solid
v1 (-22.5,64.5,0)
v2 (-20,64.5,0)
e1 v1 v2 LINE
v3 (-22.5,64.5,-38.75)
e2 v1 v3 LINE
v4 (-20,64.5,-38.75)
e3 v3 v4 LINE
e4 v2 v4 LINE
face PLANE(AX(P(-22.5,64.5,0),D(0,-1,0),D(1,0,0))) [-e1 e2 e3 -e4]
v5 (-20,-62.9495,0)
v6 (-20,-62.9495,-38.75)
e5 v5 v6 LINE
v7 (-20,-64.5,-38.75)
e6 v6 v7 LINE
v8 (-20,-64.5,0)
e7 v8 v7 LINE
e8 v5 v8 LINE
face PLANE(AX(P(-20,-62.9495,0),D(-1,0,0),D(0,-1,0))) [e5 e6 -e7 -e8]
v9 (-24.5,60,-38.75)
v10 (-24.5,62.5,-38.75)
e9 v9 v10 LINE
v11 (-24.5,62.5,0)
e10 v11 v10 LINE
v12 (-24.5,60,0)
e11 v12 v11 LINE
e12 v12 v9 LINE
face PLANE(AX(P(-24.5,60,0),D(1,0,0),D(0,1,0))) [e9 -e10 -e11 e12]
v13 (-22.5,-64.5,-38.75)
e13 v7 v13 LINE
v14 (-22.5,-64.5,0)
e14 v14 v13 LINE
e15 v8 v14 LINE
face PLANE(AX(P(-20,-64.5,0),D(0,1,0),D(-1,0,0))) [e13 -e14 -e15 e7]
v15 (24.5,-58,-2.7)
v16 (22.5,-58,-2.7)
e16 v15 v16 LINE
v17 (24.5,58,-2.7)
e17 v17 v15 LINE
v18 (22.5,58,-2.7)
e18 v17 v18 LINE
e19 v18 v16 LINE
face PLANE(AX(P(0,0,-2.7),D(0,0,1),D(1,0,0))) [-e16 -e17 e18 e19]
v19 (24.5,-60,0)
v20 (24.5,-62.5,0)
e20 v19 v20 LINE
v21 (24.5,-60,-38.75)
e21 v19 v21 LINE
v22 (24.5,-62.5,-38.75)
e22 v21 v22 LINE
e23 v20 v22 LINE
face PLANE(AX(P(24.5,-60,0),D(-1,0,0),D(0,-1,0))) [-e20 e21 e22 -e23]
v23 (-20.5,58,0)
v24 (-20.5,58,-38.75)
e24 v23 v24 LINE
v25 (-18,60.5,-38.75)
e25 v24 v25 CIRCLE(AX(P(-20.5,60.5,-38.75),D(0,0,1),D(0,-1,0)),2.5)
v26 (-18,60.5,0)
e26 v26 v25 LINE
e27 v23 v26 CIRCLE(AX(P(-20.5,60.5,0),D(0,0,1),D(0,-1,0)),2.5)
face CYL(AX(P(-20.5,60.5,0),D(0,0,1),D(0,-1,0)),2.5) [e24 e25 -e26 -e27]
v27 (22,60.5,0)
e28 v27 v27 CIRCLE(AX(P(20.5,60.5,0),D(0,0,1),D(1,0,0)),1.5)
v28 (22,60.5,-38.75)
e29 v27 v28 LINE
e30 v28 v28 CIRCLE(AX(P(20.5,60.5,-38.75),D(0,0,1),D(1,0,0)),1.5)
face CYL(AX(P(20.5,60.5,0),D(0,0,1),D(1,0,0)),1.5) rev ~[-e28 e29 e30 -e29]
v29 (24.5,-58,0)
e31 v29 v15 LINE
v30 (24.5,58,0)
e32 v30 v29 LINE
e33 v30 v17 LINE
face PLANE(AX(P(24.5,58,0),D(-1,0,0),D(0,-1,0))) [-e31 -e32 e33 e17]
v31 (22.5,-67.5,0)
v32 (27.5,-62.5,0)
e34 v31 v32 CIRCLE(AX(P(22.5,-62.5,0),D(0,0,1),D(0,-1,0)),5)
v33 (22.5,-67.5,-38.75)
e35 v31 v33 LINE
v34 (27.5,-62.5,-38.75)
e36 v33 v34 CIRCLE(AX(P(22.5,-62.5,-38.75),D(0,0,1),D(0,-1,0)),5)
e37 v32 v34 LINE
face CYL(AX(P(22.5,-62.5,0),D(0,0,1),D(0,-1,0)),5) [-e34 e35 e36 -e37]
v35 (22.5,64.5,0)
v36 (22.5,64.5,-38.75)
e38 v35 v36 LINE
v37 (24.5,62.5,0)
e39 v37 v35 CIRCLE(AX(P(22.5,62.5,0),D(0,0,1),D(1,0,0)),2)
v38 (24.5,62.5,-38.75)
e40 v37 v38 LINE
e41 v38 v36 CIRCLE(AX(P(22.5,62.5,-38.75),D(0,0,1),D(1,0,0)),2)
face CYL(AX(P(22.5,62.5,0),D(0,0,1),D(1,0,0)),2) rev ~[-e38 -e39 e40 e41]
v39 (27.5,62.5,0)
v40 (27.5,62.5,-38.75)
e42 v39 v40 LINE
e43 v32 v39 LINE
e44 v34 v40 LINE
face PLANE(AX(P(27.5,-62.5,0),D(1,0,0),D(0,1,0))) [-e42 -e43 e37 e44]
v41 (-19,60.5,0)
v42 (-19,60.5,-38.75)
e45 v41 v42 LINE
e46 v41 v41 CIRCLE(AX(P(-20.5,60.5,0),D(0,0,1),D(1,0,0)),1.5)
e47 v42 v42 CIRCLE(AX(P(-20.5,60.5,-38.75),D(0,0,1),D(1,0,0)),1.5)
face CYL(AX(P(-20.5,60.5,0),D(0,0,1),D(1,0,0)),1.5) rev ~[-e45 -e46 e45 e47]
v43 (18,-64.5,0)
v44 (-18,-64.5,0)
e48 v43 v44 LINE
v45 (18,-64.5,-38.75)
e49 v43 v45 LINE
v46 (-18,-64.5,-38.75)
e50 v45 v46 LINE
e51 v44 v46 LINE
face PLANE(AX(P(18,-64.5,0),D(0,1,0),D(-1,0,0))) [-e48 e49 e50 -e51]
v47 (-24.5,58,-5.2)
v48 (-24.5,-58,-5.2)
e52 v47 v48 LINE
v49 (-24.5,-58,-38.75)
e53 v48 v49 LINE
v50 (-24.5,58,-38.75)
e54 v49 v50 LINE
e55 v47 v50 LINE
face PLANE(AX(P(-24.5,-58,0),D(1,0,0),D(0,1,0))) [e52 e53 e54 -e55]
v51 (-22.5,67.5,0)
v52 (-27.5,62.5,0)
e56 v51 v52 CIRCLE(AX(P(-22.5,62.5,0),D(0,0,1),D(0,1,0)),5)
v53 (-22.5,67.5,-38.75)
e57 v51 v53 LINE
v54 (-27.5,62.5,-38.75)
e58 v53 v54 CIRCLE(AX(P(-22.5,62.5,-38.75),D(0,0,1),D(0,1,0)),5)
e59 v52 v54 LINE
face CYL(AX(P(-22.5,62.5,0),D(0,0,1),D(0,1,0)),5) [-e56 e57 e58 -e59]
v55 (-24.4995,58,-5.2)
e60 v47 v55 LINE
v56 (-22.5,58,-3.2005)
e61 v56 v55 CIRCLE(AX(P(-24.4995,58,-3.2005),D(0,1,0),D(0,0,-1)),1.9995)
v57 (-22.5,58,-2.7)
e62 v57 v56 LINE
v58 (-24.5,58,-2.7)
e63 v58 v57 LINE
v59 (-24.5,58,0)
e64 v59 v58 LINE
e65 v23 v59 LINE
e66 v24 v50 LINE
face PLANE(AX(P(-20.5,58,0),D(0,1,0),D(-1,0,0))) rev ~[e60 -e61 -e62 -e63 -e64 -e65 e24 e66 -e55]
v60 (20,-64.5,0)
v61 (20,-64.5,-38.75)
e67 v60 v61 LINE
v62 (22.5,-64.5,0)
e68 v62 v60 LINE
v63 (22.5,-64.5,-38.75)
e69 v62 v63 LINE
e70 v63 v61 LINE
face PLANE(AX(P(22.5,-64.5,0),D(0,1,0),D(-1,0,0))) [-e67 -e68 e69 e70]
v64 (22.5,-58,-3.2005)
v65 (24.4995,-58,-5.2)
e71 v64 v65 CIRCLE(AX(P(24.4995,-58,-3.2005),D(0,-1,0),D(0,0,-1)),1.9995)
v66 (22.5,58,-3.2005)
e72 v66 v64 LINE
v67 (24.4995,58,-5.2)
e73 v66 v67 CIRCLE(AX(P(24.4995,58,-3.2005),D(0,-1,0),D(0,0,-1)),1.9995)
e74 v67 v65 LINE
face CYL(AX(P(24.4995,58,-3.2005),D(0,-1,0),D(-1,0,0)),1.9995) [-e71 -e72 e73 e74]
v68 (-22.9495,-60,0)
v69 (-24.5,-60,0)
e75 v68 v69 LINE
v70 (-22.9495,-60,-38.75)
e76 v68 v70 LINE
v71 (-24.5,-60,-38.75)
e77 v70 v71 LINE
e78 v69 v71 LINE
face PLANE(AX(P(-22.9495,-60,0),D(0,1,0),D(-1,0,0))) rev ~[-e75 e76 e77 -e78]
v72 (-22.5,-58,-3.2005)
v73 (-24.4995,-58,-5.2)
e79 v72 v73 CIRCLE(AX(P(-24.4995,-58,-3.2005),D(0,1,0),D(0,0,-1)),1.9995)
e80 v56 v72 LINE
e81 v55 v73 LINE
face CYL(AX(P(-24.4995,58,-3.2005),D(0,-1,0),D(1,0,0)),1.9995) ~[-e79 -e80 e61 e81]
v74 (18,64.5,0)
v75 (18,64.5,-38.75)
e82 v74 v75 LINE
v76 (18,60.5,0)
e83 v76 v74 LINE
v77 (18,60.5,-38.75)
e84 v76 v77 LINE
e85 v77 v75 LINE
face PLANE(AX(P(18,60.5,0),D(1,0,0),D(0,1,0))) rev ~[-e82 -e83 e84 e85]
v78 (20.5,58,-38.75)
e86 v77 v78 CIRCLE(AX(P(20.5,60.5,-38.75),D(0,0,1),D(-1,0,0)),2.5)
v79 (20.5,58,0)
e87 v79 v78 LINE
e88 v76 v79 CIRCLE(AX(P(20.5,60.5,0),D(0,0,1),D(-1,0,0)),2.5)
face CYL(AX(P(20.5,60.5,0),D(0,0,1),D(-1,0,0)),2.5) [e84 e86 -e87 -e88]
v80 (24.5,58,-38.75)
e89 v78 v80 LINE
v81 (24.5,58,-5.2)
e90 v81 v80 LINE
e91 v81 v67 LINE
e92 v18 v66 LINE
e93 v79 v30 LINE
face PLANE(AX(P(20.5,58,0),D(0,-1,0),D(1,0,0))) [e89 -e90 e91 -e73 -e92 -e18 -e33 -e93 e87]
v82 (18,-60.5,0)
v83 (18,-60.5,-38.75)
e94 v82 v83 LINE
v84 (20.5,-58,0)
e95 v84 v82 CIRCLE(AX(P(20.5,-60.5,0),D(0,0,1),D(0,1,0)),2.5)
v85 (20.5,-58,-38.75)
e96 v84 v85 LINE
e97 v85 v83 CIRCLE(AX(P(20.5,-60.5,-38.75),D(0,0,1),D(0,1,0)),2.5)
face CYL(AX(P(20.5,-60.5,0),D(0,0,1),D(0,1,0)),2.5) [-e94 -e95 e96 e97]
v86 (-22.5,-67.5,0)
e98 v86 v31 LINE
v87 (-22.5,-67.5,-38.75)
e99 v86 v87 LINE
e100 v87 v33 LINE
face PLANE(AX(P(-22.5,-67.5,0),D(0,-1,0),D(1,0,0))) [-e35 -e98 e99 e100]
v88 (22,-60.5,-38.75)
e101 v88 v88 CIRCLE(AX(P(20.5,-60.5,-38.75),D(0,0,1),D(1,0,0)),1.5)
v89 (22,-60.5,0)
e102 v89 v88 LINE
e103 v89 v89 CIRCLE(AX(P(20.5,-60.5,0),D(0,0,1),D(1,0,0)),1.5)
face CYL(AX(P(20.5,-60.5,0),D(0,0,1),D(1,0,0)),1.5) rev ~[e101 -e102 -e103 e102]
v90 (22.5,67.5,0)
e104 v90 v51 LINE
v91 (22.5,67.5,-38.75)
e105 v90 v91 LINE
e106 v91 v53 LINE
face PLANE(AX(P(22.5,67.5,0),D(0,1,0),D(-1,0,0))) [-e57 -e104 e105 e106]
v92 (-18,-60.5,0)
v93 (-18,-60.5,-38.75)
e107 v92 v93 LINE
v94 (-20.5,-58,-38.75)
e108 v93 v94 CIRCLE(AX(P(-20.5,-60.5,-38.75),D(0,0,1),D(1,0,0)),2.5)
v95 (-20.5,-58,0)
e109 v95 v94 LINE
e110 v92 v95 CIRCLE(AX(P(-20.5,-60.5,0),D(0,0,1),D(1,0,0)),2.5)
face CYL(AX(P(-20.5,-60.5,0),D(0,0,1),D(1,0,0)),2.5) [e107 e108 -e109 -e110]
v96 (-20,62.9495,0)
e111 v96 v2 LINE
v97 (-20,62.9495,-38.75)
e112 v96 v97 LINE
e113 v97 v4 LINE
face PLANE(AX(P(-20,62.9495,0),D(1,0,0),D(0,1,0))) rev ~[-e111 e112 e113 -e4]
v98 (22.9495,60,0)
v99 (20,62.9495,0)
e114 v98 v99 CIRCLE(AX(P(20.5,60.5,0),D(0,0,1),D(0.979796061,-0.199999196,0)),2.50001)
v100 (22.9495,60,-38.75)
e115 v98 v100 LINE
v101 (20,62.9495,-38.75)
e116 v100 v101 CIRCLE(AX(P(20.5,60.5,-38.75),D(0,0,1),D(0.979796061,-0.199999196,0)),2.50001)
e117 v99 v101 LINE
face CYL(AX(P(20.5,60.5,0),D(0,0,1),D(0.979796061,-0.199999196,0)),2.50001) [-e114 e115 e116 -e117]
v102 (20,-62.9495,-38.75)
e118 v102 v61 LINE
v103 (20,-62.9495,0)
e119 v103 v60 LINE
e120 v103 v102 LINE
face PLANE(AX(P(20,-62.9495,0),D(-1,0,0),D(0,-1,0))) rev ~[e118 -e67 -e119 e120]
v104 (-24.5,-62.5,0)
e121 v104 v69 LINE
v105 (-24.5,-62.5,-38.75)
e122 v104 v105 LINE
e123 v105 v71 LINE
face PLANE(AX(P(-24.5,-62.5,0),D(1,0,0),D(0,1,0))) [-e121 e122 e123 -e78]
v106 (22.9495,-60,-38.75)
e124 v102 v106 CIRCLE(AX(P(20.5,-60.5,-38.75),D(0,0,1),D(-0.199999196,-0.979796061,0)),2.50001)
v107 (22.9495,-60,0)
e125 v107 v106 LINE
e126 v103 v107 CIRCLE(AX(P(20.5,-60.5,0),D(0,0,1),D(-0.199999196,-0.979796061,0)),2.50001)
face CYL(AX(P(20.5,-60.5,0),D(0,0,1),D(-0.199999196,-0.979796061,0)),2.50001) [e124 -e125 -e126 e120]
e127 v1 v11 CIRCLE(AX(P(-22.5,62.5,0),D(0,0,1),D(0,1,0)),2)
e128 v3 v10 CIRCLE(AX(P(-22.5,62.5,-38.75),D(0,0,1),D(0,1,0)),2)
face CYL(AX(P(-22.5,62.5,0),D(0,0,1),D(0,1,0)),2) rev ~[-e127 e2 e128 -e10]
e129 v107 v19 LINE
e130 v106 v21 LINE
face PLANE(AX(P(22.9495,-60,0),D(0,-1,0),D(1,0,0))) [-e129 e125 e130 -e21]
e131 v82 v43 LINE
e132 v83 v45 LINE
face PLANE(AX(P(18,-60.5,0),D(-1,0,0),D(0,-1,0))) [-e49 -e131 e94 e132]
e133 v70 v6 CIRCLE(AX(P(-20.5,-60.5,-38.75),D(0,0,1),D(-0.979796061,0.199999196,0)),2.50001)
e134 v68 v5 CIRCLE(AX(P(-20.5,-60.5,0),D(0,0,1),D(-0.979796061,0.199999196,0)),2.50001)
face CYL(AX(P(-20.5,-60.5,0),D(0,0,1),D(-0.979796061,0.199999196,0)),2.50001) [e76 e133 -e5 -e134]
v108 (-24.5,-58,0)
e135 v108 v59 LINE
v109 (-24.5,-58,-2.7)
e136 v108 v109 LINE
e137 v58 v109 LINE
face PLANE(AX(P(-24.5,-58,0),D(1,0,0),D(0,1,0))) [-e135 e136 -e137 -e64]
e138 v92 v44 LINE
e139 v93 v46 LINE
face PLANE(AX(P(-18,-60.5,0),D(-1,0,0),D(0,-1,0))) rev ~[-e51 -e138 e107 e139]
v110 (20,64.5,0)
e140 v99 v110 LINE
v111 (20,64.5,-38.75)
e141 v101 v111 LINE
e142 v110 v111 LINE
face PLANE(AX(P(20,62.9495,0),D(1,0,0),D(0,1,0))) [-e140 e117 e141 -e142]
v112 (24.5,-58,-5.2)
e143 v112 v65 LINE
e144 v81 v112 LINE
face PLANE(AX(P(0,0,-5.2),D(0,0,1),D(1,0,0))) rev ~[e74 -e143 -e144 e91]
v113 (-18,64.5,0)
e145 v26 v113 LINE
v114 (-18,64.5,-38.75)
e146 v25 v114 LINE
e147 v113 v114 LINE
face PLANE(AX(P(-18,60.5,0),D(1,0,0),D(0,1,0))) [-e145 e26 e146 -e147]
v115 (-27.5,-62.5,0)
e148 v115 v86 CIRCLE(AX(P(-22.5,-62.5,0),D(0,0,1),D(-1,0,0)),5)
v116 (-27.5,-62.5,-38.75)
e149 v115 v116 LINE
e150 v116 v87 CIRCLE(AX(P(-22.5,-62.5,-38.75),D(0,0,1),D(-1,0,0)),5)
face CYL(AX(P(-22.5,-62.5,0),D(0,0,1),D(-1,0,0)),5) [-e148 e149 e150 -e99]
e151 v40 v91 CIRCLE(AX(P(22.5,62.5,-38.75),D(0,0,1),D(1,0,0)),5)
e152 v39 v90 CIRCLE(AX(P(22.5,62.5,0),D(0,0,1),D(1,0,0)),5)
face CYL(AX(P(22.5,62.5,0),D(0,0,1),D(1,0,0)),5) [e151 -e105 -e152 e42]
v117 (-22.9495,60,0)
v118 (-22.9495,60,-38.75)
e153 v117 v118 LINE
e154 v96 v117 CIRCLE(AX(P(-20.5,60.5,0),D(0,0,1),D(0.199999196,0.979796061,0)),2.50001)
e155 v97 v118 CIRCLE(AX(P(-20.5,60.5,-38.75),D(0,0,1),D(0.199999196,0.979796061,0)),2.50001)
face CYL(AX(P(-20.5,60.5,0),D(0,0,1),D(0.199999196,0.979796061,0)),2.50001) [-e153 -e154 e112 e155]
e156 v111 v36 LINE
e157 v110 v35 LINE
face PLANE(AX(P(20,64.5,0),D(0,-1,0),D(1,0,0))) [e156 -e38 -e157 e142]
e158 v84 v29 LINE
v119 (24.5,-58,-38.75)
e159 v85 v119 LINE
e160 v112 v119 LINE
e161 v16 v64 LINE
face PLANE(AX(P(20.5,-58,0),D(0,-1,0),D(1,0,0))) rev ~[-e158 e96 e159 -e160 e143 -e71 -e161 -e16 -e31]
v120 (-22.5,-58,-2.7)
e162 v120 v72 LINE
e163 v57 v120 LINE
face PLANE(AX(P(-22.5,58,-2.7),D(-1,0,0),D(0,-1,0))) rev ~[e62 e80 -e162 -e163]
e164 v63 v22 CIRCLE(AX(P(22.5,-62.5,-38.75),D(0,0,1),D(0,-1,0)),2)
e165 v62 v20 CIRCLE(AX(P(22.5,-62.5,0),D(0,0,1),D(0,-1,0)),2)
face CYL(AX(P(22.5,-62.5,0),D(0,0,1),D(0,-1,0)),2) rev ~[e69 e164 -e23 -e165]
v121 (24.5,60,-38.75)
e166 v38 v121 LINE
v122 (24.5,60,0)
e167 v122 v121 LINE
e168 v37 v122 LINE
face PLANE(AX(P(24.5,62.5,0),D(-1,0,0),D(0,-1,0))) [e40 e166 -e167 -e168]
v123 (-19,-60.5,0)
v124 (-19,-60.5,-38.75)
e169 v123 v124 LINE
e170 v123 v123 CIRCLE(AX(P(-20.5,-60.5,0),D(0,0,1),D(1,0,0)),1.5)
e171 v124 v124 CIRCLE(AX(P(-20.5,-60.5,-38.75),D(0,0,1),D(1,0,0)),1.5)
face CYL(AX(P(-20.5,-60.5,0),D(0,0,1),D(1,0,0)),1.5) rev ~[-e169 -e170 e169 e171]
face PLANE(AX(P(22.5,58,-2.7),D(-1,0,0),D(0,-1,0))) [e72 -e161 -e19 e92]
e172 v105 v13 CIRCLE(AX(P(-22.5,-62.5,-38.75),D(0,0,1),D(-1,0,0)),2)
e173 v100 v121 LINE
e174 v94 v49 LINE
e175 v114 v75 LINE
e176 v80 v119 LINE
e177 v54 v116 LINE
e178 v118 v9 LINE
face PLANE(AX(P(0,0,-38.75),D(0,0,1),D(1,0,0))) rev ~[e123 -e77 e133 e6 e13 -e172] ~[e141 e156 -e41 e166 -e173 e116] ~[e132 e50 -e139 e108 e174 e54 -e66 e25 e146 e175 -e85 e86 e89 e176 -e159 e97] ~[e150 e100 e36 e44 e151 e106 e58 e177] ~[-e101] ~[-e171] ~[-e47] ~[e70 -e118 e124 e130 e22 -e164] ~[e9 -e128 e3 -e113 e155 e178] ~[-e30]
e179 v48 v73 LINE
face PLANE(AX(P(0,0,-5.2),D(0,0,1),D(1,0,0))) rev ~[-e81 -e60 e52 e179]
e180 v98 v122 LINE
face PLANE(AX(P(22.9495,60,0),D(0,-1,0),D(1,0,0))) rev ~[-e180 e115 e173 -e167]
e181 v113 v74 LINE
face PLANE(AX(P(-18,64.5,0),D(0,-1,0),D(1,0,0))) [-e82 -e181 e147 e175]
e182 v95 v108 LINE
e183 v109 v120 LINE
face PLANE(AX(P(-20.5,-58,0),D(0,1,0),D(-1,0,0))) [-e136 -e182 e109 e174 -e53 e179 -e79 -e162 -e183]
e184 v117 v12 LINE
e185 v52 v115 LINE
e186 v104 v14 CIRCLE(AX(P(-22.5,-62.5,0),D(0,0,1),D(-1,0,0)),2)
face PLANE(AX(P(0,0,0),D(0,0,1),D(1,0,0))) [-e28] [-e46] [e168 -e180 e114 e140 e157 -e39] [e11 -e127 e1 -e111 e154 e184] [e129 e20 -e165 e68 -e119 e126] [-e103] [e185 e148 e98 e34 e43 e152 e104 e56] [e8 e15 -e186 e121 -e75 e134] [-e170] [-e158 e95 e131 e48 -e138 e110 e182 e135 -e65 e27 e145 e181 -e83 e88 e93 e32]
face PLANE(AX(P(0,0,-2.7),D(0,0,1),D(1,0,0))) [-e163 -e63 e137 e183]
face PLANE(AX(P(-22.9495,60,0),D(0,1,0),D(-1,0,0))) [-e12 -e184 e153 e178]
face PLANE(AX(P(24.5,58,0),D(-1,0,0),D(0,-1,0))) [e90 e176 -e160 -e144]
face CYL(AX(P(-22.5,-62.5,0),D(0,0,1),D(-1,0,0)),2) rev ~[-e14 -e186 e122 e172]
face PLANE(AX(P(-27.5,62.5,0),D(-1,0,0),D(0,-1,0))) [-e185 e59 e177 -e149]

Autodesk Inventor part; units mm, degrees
ref_plane "YZ Plane" through (0, 0, 0) normal (1, 0, 0) x (0, 1, 0)
sketch "Sketch1" plane through (0, 0, 0) normal (0, 0, 1) x (1, 0, 0)
  line L0 (0, 95.9497) -> (0, -95.9497) construction
  line L1 (-39.9497, 0) -> (39.9497, 0) construction
  arc A0 (22.5, -67.5) -> (27.5, -62.5) centre (22.5, -62.5) ccw
  line L2 (27.5, -62.5) -> (27.5, 62.5)
  arc A1 (27.5, 62.5) -> (22.5, 67.5) centre (22.5, 62.5) ccw
  line L3 (22.5, 67.5) -> (-22.5, 67.5)
  arc A2 (-22.5, 67.5) -> (-27.5, 62.5) centre (-22.5, 62.5) ccw
  line L4 (-27.5, 62.5) -> (-27.5, -62.5)
  arc A3 (-27.5, -62.5) -> (-22.5, -67.5) centre (-22.5, -62.5) ccw
  line L5 (-22.5, -67.5) -> (22.5, -67.5)
  line L6 (24.5, 62.5) -> (24.5, -62.5)
  arc A4 (22.5, -64.5) -> (24.5, -62.5) centre (22.5, -62.5) ccw
  line L7 (22.5, -64.5) -> (-22.5, -64.5)
  arc A5 (-24.5, -62.5) -> (-22.5, -64.5) centre (-22.5, -62.5) ccw
  line L8 (-24.5, -62.5) -> (-24.5, 62.5)
  arc A6 (-22.5, 64.5) -> (-24.5, 62.5) centre (-22.5, 62.5) ccw
  line L9 (-22.5, 64.5) -> (22.5, 64.5)
  arc A7 (24.5, 62.5) -> (22.5, 64.5) centre (22.5, 62.5) ccw
  circle A8 centre (20.5, 60.5) radius 2.5 construction
  line L10 (20.5, 58) -> (24.5, 58)
  line L11 (18, 60.5) -> (18, 64.5)
  line L12 (22.9495, 60) -> (24.5, 60)
  line L13 (20, 62.9495) -> (20, 64.5)
  circle A9 centre (20.5, 60.5) radius 1.5
  arc A10 (22.9495, 60) -> (20, 62.9495) centre (20.5, 60.5) ccw
  arc A11 (18, 60.5) -> (20.5, 58) centre (20.5, 60.5) ccw
  circle A12 centre (20.5, -60.5) radius 2.5 construction
  line L14 (20.5, -58) -> (24.5, -58)
  line L15 (18, -60.5) -> (18, -64.5)
  line L16 (22.9495, -60) -> (24.5, -60)
  line L17 (20, -62.9495) -> (20, -64.5)
  circle A13 centre (20.5, -60.5) radius 1.5
  arc A14 (20, -62.9495) -> (22.9495, -60) centre (20.5, -60.5) ccw
  arc A15 (20.5, -58) -> (18, -60.5) centre (20.5, -60.5) ccw
  circle A16 centre (-20.5, 60.5) radius 2.5 construction
  line L18 (-20.5, 58) -> (-24.5, 58)
  line L19 (-18, 60.5) -> (-18, 64.5)
  line L20 (-22.9495, 60) -> (-24.5, 60)
  line L21 (-20, 62.9495) -> (-20, 64.5)
  circle A17 centre (-20.5, 60.5) radius 1.5
  arc A18 (-20, 62.9495) -> (-22.9495, 60) centre (-20.5, 60.5) ccw
  arc A19 (-20.5, 58) -> (-18, 60.5) centre (-20.5, 60.5) ccw
  line L22 (-20.5, -58) -> (-24.5, -58)
  arc A20 (-18, -60.5) -> (-20.5, -58) centre (-20.5, -60.5) ccw
  line L23 (-22.9495, -60) -> (-24.5, -60)
  circle A21 centre (-20.5, -60.5) radius 1.5
  line L24 (-18, -60.5) -> (-18, -64.5)
  circle A22 centre (-20.5, -60.5) radius 2.5 construction
  arc A23 (-22.9495, -60) -> (-20, -62.9495) centre (-20.5, -60.5) ccw
  line L25 (-20, -62.9495) -> (-20, -64.5)
  line L26 (-24.5, 60) -> (-24.5, 58)
  line L27 (-20, 64.5) -> (-18, 64.5)
  line L28 (24.5, -58) -> (24.5, -60)
  line L29 (18, -64.5) -> (20, -64.5)
  line L30 (-20, -64.5) -> (-18, -64.5)
  line L31 (-24.5, -58) -> (-24.5, -60)
  point P0 (-22.5, -62.5)
  point P1 (-22.5, 62.5)
  dimension "d6" = 3
  dimension "d7" = 5
  dimension "d8" = 7
  dimension "d9" = 7
  dimension "d10" = 2
  dimension "d11" = 2
  dimension "d12" = 3
  dimension "d20" = 55
  dimension "d21" = 135
  dimension "d22" = 5
ref_plane "Work Plane4" through (-27.5, -67.5, 0) normal (0, 0, -1) x (0, 1, 0)
ref_plane "Work Plane5" through (-27.5, -67.5, -58.6068) normal (0, 0, 1) x (1, 0, 0)
extrude "Extrusion1" add sketch "Sketch1" against normal blind 38.75 contours L5 A3 L4 A2 L3 A1 L2 A0 | L6 L10 A11 L11 L9 L13 A10 L12 | L6 L16 A14 L17 L7 L15 A15 L14 | L19 A19 L18 L8 L20 A18 L21 L9 | L7 L25 A23 L23 L8 L22 A20 L24
ref_plane "PLan support PowerPCB" through (0, 0, -2.7) normal (0, 0, 1) x (1, 0, 0)
sketch "Sketch2" plane through (0, 0, -2.7) normal (0, 0, 1) x (1, 0, 0)
  line L0 (24.5, 58) -> (24.5, -58) projected
  line L1 (22.5, 58) -> (22.5, -58)
  line L2 (24.5, 58) -> (22.5, 58)
  line L3 (24.5, -58) -> (22.5, -58)
  line L4 (0, 94.5) -> (0, -94.5) construction
  line L5 (-24.5, 58) -> (-24.5, -58)
  line L6 (-22.5, 58) -> (-22.5, -58)
  line L7 (-24.5, 58) -> (-22.5, 58)
  line L8 (-24.5, -58) -> (-22.5, -58)
  point P0 (0, 0)
  dimension "d15" = 2
extrude "Extrusion2" add sketch "Sketch2" against normal blind 2.5
fillet "Fillet1" radius 2 2 edges at (-22.5, 0, -5.2) (22.5, 0, -5.2)
equation "\"d9\" = d8"
equation "\"d11\" = d10"
equation "\"d13\" = -Top_Plate_Bottom_to_PowerPcb_Bottom"
equation "\"Plate_thickness\" = 3"
equation "\"Top_Plate_Bottom_to_PowerPcb_Bottom\" = 2.7"
properties part number "Box_Body" material "ABS Plastic"
